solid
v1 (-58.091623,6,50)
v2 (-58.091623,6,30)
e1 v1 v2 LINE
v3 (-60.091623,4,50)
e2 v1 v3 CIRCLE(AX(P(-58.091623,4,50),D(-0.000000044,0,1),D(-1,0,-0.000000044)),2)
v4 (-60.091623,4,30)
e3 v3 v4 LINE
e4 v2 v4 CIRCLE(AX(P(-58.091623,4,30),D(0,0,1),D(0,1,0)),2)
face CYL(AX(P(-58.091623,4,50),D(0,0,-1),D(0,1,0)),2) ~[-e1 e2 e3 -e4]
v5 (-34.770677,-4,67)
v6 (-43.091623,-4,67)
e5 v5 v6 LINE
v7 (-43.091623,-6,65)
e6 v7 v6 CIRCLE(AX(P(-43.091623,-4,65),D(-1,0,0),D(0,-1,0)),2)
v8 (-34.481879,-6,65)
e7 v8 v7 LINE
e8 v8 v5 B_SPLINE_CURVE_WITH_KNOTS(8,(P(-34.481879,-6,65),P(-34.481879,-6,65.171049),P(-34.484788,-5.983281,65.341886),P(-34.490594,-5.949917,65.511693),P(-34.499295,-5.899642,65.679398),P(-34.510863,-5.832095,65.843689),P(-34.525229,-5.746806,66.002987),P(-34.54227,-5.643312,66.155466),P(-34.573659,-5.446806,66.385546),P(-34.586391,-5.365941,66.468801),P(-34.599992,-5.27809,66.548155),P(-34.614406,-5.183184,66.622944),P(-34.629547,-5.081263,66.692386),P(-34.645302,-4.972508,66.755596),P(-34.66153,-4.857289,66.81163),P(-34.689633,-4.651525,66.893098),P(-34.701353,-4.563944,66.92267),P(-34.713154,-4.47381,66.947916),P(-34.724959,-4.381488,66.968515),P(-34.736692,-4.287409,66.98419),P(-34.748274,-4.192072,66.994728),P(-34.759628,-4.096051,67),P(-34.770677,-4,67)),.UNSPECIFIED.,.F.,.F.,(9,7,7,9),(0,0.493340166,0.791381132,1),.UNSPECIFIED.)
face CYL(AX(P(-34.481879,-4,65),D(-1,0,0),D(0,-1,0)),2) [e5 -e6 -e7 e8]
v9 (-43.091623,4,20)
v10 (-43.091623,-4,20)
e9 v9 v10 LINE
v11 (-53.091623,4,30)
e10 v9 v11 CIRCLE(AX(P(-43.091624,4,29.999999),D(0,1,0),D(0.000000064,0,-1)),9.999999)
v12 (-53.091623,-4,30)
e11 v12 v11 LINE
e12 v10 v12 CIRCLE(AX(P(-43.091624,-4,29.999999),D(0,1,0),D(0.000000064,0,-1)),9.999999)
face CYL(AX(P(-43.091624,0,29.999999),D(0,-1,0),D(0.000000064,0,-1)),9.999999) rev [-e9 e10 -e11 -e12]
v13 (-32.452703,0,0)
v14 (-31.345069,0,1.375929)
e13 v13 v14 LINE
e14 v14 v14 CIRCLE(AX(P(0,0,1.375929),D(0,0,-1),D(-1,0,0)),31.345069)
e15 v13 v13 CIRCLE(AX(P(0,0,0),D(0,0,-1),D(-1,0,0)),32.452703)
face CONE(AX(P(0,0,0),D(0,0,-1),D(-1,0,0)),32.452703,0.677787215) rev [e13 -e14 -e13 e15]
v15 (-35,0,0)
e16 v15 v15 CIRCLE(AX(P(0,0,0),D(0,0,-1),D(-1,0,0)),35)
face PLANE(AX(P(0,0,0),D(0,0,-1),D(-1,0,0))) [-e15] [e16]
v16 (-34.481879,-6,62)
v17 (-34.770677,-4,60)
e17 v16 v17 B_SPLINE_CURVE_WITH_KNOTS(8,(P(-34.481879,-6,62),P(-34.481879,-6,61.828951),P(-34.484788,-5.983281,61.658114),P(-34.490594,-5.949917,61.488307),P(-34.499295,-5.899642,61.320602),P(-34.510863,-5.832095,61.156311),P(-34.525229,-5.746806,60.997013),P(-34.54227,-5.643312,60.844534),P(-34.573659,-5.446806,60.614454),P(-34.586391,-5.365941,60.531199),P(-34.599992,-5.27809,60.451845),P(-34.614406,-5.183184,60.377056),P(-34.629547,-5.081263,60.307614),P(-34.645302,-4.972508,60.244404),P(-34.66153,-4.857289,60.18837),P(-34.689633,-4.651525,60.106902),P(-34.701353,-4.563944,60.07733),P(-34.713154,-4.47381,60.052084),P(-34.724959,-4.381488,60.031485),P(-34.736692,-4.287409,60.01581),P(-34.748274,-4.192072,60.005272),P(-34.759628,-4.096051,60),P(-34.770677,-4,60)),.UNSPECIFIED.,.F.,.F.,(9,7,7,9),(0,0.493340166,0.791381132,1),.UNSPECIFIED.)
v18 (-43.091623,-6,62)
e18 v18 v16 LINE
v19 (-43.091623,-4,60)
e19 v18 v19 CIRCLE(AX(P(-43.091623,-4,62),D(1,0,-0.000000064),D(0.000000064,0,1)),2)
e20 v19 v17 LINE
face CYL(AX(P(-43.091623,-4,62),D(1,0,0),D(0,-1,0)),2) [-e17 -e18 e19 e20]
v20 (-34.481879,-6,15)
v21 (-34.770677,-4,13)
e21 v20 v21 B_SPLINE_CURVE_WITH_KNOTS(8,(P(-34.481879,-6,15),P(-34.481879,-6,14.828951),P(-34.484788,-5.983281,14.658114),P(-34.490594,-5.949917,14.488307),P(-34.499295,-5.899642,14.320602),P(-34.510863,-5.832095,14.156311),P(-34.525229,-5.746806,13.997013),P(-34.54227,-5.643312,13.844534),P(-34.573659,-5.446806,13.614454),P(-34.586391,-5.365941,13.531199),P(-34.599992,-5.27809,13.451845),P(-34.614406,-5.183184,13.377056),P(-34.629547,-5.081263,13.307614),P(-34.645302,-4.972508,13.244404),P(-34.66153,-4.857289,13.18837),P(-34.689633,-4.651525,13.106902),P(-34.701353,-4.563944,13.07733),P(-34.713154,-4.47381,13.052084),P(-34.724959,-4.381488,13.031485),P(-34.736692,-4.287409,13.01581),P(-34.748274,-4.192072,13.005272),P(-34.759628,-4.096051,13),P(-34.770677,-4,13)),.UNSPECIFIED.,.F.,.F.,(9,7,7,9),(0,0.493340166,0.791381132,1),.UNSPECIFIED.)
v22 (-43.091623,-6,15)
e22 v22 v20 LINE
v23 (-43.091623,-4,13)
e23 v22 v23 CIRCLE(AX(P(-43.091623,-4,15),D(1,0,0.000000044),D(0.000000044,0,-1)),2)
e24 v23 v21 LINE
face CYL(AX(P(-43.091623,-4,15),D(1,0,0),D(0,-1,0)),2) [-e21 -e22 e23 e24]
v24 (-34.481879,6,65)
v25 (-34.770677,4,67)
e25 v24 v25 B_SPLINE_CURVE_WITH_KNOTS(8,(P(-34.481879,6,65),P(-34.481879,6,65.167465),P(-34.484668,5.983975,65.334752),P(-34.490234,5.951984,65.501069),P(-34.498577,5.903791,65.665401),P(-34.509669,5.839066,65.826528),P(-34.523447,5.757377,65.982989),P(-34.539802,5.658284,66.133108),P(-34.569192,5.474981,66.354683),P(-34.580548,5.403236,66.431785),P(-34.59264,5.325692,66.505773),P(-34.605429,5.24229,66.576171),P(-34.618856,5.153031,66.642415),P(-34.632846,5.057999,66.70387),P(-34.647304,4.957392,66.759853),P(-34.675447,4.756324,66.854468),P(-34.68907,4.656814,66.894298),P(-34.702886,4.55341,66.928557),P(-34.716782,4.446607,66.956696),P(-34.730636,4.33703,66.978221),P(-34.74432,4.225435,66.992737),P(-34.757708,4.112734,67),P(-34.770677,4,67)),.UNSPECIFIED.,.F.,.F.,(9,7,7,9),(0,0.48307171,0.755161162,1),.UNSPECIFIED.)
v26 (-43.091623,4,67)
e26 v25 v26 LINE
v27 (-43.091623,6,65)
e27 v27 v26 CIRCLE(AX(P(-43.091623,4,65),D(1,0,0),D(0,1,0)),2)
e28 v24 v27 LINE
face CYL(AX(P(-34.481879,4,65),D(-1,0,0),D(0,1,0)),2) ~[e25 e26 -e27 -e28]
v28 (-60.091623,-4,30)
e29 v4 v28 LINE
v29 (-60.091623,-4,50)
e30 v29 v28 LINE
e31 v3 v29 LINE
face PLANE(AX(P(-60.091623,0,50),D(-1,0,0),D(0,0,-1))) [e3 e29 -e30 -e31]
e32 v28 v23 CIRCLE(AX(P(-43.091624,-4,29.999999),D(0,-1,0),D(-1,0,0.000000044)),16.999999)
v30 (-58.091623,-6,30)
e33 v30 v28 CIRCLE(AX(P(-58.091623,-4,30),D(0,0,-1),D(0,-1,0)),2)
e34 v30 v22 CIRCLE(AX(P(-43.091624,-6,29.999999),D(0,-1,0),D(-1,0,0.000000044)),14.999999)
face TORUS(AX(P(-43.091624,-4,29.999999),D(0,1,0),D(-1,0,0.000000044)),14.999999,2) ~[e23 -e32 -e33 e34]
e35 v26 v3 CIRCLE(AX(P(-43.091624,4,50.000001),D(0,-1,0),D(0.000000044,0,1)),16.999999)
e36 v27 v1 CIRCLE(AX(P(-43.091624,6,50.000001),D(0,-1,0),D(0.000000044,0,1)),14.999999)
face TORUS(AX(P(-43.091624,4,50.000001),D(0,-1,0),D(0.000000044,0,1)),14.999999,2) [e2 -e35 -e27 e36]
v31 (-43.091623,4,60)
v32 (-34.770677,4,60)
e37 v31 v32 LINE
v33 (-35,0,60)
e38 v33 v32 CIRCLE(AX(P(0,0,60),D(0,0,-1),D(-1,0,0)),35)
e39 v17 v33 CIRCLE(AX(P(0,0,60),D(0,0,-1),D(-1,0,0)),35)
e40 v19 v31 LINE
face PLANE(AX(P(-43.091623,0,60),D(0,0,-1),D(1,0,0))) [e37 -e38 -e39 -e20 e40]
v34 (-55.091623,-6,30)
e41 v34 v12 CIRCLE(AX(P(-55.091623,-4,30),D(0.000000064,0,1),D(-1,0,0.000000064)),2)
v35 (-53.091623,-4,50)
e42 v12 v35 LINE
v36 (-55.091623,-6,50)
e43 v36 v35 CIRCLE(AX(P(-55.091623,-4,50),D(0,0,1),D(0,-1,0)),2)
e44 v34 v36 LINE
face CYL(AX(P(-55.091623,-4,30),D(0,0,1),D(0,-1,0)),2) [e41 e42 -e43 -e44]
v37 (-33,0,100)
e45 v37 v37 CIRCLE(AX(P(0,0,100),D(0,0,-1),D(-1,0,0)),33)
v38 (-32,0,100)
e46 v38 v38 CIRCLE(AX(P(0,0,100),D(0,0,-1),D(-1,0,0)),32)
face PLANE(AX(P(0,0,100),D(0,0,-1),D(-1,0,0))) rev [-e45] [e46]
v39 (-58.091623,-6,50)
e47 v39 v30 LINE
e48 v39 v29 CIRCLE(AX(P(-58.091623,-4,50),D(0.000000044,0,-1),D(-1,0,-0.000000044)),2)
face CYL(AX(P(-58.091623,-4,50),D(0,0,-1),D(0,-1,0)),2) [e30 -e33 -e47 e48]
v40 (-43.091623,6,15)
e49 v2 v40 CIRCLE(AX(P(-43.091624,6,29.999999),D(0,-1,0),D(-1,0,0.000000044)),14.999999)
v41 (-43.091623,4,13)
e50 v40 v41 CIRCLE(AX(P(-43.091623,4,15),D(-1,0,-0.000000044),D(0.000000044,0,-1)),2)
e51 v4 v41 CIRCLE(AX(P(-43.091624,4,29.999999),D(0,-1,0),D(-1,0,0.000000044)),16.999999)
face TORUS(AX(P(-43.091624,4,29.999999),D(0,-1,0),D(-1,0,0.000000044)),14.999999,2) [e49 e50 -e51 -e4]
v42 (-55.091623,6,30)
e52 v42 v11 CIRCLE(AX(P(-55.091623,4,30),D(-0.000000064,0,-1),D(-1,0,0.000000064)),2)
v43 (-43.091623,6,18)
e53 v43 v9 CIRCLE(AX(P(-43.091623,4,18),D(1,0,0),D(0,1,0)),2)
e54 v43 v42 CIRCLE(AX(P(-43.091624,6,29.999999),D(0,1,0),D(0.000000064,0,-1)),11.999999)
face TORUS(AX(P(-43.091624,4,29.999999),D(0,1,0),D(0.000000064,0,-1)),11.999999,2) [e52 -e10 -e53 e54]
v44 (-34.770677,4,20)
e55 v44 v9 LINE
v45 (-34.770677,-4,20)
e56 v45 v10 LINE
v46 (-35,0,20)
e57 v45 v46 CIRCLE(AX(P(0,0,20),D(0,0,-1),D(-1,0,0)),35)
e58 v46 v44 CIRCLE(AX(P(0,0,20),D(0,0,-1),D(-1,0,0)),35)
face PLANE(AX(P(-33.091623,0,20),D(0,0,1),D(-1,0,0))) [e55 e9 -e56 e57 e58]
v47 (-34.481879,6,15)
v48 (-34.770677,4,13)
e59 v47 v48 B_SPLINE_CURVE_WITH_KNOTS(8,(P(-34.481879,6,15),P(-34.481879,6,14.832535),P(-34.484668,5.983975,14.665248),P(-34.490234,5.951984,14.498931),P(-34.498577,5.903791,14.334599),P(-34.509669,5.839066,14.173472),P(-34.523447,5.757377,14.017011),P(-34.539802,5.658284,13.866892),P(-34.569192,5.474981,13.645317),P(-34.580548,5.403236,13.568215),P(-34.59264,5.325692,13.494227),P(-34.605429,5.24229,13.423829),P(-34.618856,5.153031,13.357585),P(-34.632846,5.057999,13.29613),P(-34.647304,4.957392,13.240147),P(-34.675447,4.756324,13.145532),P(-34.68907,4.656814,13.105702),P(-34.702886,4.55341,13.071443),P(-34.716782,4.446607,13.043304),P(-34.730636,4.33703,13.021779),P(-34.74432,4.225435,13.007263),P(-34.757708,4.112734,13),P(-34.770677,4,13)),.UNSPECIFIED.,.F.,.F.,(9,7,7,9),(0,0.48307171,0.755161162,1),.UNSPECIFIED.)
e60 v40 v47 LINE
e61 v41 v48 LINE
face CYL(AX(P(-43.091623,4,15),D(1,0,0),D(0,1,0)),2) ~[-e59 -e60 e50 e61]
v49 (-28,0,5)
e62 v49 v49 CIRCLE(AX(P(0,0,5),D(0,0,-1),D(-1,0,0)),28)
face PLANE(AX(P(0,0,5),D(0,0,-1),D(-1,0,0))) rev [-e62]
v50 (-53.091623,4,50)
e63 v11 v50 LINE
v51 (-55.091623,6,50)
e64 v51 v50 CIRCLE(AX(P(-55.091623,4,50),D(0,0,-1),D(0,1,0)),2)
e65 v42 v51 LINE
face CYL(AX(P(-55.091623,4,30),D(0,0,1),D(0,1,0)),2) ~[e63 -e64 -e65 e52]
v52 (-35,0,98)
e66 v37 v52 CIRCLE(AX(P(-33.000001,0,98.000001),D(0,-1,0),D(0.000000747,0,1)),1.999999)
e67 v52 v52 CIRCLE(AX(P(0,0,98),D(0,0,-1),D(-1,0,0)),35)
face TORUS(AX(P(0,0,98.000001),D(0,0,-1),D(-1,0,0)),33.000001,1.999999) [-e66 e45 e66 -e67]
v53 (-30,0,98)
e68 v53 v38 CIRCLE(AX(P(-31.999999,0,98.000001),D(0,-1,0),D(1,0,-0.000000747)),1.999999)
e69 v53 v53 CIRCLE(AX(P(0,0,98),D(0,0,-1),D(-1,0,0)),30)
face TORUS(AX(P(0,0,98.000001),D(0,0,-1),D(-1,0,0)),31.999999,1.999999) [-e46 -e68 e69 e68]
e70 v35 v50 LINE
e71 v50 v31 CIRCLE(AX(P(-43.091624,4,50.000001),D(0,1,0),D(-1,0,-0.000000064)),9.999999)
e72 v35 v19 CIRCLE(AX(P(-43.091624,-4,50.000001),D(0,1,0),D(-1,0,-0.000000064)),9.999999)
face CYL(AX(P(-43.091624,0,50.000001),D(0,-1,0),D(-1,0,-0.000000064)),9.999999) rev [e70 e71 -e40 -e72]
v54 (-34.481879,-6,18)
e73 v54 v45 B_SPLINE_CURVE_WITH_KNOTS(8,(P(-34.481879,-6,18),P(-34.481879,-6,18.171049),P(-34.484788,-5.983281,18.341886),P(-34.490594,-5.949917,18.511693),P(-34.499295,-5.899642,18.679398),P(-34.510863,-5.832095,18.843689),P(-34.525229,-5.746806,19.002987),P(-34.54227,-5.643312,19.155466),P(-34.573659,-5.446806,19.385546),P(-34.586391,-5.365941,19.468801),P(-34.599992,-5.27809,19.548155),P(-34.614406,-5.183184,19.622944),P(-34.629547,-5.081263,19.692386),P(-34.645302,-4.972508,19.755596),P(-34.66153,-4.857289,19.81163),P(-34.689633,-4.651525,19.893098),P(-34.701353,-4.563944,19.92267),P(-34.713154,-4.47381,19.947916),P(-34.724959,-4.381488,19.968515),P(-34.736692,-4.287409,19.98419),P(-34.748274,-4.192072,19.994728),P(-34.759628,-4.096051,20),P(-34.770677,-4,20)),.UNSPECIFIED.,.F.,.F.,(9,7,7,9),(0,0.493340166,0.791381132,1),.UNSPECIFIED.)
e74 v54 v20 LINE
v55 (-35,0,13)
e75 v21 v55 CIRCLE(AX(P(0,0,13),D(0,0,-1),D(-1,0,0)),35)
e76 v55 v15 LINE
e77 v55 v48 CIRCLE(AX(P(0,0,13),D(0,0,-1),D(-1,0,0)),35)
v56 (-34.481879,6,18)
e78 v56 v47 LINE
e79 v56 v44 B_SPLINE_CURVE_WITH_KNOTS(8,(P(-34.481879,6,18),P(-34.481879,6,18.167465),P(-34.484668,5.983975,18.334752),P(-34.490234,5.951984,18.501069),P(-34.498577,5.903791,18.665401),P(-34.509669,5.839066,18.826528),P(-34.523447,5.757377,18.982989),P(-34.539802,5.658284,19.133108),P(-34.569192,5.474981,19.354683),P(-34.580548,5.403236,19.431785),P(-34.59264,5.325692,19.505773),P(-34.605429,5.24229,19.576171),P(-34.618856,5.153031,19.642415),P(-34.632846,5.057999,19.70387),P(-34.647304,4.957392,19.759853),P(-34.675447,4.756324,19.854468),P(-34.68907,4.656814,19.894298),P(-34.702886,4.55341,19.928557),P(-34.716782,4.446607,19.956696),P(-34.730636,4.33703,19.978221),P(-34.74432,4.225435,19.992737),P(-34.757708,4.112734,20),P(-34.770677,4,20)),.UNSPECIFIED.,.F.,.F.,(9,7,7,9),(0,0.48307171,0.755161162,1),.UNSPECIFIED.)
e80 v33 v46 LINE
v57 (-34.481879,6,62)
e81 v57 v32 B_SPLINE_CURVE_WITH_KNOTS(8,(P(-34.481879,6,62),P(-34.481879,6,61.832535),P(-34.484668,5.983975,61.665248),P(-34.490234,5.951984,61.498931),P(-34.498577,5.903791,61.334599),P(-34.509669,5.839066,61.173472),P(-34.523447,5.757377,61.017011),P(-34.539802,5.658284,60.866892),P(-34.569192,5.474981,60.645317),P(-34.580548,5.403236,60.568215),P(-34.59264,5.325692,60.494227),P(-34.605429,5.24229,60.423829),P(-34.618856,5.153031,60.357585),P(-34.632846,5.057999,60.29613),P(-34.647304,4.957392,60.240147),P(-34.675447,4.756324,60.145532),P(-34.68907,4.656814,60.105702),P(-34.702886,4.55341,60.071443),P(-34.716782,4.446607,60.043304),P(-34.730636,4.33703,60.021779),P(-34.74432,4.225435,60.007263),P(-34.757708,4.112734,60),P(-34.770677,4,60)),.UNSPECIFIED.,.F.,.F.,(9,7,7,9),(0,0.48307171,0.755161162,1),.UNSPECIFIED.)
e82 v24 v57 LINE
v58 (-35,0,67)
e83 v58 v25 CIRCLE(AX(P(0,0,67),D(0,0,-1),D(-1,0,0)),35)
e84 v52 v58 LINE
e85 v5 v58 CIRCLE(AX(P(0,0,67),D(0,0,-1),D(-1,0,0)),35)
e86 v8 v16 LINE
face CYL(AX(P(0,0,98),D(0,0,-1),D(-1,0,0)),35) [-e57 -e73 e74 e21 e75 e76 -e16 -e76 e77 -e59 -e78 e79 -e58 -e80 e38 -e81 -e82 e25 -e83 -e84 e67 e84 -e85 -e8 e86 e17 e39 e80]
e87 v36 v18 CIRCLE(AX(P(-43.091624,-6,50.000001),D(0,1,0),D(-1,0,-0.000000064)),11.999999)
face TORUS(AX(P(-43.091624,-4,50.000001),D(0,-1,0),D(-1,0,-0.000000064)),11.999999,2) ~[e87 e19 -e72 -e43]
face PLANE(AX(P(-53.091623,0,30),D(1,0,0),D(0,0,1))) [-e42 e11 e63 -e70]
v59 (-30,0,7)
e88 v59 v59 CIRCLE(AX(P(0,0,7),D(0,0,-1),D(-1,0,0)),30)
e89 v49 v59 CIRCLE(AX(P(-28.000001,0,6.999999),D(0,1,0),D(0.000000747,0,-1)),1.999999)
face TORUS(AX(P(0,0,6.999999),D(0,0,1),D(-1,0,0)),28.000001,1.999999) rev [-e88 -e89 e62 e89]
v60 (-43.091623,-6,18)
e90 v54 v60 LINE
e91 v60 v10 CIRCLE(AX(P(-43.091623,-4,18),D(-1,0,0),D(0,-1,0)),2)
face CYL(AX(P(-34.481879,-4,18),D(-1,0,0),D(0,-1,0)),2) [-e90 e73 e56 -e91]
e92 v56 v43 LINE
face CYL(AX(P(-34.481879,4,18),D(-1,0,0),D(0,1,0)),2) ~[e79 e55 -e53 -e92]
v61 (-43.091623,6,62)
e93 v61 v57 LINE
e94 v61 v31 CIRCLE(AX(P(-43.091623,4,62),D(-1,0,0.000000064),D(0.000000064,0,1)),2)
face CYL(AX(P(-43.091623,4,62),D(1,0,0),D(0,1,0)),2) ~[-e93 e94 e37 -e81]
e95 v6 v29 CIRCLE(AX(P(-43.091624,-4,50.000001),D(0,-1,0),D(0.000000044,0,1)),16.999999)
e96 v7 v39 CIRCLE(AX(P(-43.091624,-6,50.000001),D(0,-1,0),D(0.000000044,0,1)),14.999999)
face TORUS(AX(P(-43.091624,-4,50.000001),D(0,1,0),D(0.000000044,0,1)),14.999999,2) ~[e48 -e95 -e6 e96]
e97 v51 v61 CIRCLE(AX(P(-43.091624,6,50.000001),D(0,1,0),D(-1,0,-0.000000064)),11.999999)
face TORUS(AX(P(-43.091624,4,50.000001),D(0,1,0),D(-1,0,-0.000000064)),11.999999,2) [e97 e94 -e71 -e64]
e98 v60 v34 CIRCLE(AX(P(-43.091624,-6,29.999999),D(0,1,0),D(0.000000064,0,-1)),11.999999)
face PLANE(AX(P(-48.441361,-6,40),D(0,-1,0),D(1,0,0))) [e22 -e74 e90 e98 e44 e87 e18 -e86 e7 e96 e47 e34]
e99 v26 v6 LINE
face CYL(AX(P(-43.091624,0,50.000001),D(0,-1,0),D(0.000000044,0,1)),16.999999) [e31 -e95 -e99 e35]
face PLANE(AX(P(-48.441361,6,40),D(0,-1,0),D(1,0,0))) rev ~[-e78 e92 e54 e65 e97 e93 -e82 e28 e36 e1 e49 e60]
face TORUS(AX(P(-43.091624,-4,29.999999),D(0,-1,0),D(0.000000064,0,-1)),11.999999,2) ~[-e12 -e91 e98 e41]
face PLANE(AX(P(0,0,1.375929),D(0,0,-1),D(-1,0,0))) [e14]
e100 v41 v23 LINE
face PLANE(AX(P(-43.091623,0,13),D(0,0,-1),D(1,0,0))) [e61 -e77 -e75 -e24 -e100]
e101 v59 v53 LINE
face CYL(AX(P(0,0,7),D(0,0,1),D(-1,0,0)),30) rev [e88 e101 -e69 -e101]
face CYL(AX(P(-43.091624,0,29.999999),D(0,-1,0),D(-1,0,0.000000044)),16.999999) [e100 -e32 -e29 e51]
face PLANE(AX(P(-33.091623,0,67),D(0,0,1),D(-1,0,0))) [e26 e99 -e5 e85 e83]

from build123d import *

# Parameters (mm, degrees)
F3_DEPTH = 6
F4_R     = 2


with BuildPart() as f1:
    # F0 (on Front) → F1 (revolve)
    with BuildSketch(Plane.XZ):
        with BuildLine():
            Line((0, 1.375929), (0, 5))
            Line((0, 5), (-28, 5))
            ThreePointArc((-28, 5), (-29.414214, 5.585786), (-30, 7))
            Line((-30, 7), (-30, 98))
            ThreePointArc((-30, 98), (-30.585786, 99.414214), (-32, 100))
            Line((-32, 100), (-33, 100))
            ThreePointArc((-33, 100), (-34.414214, 99.414214), (-35, 98))
            Line((-35, 98), (-35, 0))
            Line((-35, 0), (-32.452703, 0))
            Line((-32.452703, 0), (-31.345069, 1.375929))
            Line((-31.345069, 1.375929), (0, 1.375929))
        make_face()
    revolve(axis=Axis((0, 0, 64.654013), (0, 0, -1)))

    # F2 (on Front) → F3 (join, symmetric)
    with BuildSketch(Plane.XZ):
        with BuildLine():
            Line((-43.091623, 60), (-33.091623, 60))
            Line((-33.091623, 60), (-33.091623, 67))
            Line((-33.091623, 67), (-43.091623, 67))
            ThreePointArc((-43.091623, 67), (-55.112439, 62.020815), (-60.091623, 50))
            Line((-60.091623, 50), (-60.091623, 30))
            ThreePointArc((-60.091623, 30), (-55.112439, 17.979185), (-43.091623, 13))
            Line((-43.091623, 13), (-33.091623, 13))
            Line((-33.091623, 13), (-33.091623, 20))
            Line((-33.091623, 20), (-43.091623, 20))
            ThreePointArc((-43.091623, 20), (-50.162691, 22.928932), (-53.091623, 30))
            Line((-53.091623, 30), (-53.091623, 50))
            ThreePointArc((-53.091623, 50), (-50.162691, 57.071068), (-43.091623, 60))
        make_face()
    extrude(amount=F3_DEPTH, both=True)

    # F4
    f4_edges = [f1.edges().sort_by_distance(p)[0] for p in [
        (-38.786751, -6, 67),
        (-53.091623, -6, 40),
        (-55.112439, 6, 62.020815),
        (-53.091623, 6, 40),
    ]]
    fillet(f4_edges, radius=F4_R)


solid = f1.part
